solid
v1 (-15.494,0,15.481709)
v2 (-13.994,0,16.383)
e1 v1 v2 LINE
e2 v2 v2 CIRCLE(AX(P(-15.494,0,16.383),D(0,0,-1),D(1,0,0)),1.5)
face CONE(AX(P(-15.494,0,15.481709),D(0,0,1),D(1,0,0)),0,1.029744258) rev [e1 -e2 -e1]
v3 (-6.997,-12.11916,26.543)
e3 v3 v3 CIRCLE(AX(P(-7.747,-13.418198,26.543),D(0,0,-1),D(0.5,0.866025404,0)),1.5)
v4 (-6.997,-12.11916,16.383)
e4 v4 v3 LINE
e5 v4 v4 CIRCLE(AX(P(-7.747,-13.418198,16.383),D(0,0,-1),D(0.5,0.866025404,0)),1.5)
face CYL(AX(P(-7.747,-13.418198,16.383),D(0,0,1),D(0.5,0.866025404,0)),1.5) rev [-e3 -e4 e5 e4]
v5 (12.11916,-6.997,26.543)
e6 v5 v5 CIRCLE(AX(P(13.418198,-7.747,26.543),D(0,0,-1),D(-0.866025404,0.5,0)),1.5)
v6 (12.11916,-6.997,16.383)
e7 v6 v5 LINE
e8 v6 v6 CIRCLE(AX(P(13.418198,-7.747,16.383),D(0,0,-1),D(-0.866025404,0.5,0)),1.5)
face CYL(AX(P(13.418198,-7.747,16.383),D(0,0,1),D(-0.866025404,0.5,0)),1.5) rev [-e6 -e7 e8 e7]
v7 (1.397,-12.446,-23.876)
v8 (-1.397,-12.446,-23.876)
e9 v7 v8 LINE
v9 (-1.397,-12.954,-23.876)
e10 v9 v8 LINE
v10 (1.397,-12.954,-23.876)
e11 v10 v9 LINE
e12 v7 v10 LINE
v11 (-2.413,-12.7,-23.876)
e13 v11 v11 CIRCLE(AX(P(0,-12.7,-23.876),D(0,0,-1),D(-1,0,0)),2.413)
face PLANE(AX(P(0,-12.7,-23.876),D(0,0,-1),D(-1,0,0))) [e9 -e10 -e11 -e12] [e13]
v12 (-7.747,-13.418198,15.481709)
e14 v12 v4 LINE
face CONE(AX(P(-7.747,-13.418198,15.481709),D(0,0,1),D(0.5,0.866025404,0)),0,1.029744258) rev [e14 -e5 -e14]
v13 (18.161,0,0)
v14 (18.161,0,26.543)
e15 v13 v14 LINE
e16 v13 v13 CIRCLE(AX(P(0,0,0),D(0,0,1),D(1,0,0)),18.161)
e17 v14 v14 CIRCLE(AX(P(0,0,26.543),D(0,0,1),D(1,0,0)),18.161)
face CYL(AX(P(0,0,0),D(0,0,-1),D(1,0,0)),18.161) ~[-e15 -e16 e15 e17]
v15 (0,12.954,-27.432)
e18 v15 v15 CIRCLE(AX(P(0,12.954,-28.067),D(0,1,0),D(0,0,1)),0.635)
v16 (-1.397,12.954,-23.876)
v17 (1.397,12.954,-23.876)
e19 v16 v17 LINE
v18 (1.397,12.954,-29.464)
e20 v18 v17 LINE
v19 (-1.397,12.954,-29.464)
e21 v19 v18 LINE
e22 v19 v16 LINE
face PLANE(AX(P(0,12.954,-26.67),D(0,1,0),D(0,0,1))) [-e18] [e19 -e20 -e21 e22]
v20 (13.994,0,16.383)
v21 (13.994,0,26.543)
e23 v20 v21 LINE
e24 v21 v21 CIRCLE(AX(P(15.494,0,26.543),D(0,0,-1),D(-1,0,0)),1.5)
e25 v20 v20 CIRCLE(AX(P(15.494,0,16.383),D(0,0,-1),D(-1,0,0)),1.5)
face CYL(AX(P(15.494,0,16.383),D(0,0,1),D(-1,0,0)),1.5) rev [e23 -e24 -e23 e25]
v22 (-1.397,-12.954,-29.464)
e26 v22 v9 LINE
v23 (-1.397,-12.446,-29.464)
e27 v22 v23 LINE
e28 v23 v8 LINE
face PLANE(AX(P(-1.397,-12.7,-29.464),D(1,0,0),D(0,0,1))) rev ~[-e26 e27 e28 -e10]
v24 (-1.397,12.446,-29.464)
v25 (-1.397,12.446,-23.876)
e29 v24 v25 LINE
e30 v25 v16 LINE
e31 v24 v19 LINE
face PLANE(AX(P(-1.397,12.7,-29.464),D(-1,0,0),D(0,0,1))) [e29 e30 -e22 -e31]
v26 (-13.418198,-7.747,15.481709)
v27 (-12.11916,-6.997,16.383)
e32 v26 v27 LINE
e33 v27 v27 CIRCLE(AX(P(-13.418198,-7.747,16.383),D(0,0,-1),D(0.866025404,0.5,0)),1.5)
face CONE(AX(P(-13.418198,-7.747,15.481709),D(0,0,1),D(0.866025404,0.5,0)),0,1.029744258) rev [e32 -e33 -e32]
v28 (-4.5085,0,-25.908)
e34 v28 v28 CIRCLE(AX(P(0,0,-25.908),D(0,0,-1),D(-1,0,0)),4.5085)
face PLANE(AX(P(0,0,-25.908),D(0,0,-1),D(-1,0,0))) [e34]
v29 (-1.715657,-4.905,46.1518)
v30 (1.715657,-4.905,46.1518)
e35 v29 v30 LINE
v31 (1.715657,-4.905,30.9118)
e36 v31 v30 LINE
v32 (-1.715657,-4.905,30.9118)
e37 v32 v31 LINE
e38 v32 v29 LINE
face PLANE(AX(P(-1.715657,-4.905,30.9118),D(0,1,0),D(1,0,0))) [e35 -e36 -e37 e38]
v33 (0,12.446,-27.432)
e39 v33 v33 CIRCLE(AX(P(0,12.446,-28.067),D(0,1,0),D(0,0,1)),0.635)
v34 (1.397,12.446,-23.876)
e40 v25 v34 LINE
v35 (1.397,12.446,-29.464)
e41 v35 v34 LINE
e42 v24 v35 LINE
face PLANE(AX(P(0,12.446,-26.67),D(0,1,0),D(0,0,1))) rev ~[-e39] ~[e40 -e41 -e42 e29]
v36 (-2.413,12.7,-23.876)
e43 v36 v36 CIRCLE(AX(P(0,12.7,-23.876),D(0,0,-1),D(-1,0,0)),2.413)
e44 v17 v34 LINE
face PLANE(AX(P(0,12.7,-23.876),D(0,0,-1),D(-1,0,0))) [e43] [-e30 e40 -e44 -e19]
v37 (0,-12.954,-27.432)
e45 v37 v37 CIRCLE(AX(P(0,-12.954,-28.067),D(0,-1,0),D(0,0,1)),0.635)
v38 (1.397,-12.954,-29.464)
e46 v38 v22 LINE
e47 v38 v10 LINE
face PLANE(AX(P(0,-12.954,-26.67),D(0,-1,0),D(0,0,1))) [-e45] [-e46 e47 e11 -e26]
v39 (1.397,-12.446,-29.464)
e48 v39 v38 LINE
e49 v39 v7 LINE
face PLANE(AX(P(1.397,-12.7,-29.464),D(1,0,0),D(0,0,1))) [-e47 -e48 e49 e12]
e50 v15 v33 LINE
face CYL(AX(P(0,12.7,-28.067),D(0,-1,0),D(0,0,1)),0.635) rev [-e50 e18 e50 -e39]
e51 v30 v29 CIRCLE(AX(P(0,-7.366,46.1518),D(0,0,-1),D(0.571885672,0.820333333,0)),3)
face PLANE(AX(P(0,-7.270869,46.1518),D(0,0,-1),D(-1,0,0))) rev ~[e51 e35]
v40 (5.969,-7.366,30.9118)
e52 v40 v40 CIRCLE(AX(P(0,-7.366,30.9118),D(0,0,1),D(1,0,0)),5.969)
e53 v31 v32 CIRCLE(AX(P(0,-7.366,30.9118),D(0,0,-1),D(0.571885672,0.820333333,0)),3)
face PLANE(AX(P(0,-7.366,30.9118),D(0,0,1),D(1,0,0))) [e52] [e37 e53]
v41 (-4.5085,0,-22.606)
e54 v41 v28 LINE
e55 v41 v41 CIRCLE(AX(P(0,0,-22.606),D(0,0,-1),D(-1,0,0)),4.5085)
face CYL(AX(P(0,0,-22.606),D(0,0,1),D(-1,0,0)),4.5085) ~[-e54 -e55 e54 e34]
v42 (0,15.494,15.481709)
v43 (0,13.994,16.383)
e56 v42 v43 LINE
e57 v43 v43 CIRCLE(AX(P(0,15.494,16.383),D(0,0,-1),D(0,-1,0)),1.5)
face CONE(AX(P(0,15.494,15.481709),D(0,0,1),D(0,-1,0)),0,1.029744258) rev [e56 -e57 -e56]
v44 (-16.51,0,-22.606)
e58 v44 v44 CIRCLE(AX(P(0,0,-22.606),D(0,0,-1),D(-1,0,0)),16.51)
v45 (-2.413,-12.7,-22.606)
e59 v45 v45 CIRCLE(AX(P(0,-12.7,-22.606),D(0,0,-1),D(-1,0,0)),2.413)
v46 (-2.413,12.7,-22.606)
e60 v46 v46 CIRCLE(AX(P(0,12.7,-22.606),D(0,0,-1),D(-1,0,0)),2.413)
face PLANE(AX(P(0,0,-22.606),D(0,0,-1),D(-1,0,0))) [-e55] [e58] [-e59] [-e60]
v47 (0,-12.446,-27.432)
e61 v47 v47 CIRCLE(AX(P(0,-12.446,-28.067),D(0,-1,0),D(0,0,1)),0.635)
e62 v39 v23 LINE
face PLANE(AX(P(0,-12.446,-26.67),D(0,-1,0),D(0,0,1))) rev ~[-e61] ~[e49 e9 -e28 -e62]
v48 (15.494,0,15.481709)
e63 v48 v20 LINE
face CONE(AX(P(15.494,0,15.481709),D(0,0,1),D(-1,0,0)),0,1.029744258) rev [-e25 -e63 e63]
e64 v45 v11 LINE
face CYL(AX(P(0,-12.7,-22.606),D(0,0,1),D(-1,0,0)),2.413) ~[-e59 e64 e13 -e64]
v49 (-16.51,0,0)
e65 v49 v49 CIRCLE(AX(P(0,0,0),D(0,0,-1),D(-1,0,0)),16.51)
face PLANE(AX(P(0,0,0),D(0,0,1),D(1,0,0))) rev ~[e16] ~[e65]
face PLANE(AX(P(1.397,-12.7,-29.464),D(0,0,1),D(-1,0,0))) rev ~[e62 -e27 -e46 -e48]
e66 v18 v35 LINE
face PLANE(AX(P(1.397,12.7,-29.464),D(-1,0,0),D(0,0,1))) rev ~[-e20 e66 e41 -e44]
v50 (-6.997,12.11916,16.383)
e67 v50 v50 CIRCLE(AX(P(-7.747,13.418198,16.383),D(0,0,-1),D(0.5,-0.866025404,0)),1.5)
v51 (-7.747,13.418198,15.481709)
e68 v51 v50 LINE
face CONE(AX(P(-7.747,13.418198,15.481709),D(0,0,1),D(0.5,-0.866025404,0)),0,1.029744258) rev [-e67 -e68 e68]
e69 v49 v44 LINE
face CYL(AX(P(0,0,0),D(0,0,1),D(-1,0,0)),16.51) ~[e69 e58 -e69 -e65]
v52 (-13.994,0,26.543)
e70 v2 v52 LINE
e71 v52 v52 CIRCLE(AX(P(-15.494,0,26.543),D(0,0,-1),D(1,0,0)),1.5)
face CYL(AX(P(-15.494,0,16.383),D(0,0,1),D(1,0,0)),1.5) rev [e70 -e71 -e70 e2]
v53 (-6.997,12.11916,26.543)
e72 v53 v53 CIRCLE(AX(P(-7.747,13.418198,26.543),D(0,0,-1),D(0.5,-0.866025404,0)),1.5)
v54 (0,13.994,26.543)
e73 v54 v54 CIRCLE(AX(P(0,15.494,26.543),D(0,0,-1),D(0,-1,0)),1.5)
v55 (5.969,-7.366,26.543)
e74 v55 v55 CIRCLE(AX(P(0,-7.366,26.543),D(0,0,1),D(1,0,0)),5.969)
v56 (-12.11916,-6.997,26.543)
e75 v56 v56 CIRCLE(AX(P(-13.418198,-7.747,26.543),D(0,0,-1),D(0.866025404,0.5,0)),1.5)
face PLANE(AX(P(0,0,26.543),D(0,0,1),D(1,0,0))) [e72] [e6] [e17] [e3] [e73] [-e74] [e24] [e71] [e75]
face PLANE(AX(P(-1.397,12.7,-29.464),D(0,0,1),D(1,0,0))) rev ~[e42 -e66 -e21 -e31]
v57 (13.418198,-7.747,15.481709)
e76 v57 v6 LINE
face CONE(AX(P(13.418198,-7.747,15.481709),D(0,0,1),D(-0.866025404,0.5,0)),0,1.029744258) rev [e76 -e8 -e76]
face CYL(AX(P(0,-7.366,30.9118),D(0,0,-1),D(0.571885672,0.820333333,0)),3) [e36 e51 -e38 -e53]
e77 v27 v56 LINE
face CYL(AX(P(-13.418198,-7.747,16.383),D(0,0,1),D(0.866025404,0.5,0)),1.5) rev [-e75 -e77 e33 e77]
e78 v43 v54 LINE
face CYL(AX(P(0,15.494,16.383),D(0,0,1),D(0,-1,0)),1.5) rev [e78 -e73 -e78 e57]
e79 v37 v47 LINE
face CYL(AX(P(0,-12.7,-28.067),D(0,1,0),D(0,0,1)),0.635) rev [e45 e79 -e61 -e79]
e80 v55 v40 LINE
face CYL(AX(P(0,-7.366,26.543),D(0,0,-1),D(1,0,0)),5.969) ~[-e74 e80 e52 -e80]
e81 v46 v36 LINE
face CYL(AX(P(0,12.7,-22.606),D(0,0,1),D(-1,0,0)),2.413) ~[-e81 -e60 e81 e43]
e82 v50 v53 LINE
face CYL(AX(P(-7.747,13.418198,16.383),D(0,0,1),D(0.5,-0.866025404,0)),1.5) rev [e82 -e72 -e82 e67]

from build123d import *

# Parameters (mm, degrees)
SKETCH1_R           = 18.161
BOSS_EXTRUDE1_DEPTH = 26.543
SKETCH2_R           = 16.51
BOSS_EXTRUDE2_DEPTH = 22.606
SKETCH3_R           = 4.5085
BOSS_EXTRUDE3_DEPTH = 3.302
SKETCH4_R           = 2.413
BOSS_EXTRUDE4_DEPTH = 1.27
SKETCH5_R           = 5.969
BOSS_EXTRUDE5_DEPTH = 4.3688
BOSS_EXTRUDE6_DEPTH = 15.24
SKETCH8_W           = 5.588
SKETCH8_H           = 2.794
SKETCH8_R           = 0.635
BOSS_EXTRUDE7_DEPTH = 0.254
CIRPATTERN1_COUNT   = 2
CIRPATTERN2_COUNT   = 12


with BuildPart() as part:
    # Sketch1 → Boss-Extrude1 (new body)
    with BuildSketch(Plane.XY):
        Circle(SKETCH1_R)
    extrude(amount=BOSS_EXTRUDE1_DEPTH)

    # Sketch2 → Boss-Extrude2 (add)
    with BuildSketch(Plane(origin=(0, 0, 0), x_dir=(-1, 0, 0), z_dir=(0, 0, -1))):
        Circle(SKETCH2_R)
    extrude(amount=BOSS_EXTRUDE2_DEPTH)

    # Sketch3 → Boss-Extrude3 (add)
    with BuildSketch(Plane(origin=(0, 0, -22.606), x_dir=(-1, 0, 0), z_dir=(0, 0, -1))):
        Circle(SKETCH3_R)
    extrude(amount=BOSS_EXTRUDE3_DEPTH)

    # Sketch4 → Boss-Extrude4 (add)
    with BuildSketch(Plane(origin=(0, 0, -22.606), x_dir=(-1, 0, 0), z_dir=(0, 0, -1))):
        with Locations((0, -12.7)):
            Circle(SKETCH4_R)
        with Locations((0, 12.7)):
            Circle(SKETCH4_R)
    extrude(amount=BOSS_EXTRUDE4_DEPTH)

    # Sketch5 → Boss-Extrude5 (add)
    with BuildSketch(Plane.XY.offset(26.543)):
        with Locations((0, -7.366)):
            Circle(SKETCH5_R)
    extrude(amount=BOSS_EXTRUDE5_DEPTH)

    # Sketch6 → Boss-Extrude6 (add)
    with BuildSketch(Plane.XY.offset(30.9118)):
        with BuildLine():
            Line((-1.715657017, -4.905), (1.715657017, -4.905))
            ThreePointArc((1.715657017, -4.905), (0, -10.366), (-1.715657017, -4.905))
        make_face()
    extrude(amount=BOSS_EXTRUDE6_DEPTH)

    # Sketch8 → Boss-Extrude7 (add, symmetric)
    with BuildSketch(Plane.ZX.offset(12.7)):
        with Locations((-26.67, 0)):
            Rectangle(SKETCH8_W, SKETCH8_H)
        with Locations((-28.067, 0)):
            Circle(SKETCH8_R, mode=Mode.SUBTRACT)
    boss_extrude7 = extrude(amount=BOSS_EXTRUDE7_DEPTH, both=True)

    # CirPattern1: Boss-Extrude7 ×2 about axis
    cirpattern1_axis = Axis((0, 0, -25.908), (0, 0, 1))
    for i in range(1, CIRPATTERN1_COUNT):
        add(boss_extrude7.rotate(cirpattern1_axis, i * 360 / CIRPATTERN1_COUNT))

    # Sketch12 → Ø3.0mm Dowel Hole1 (revolve, cut)
    with BuildSketch(Plane(origin=(0, 15.494, 26.543), x_dir=(0, -1, 0), z_dir=(1, 0, 0))):
        Polygon((0, 0), (0, 11.061290929), (1.5, 10.16), (1.5, 0), align=None)
    f_3_0mm_dowel_hole1 = revolve(axis=Axis((0, 15.494, 32.893), (0, 0, -1)), mode=Mode.SUBTRACT)

    # CirPattern2: Ø3.0mm Dowel Hole1 ×12 about axis, 5 skipped
    cirpattern2_axis = Axis((0, 0, 26.543), (0, 0, -1))
    add([f_3_0mm_dowel_hole1.rotate(cirpattern2_axis, i * 360 / CIRPATTERN2_COUNT) for i in range(1, CIRPATTERN2_COUNT) if i not in (1, 2, 5, 6, 10)], mode=Mode.SUBTRACT)


solid = part.part
